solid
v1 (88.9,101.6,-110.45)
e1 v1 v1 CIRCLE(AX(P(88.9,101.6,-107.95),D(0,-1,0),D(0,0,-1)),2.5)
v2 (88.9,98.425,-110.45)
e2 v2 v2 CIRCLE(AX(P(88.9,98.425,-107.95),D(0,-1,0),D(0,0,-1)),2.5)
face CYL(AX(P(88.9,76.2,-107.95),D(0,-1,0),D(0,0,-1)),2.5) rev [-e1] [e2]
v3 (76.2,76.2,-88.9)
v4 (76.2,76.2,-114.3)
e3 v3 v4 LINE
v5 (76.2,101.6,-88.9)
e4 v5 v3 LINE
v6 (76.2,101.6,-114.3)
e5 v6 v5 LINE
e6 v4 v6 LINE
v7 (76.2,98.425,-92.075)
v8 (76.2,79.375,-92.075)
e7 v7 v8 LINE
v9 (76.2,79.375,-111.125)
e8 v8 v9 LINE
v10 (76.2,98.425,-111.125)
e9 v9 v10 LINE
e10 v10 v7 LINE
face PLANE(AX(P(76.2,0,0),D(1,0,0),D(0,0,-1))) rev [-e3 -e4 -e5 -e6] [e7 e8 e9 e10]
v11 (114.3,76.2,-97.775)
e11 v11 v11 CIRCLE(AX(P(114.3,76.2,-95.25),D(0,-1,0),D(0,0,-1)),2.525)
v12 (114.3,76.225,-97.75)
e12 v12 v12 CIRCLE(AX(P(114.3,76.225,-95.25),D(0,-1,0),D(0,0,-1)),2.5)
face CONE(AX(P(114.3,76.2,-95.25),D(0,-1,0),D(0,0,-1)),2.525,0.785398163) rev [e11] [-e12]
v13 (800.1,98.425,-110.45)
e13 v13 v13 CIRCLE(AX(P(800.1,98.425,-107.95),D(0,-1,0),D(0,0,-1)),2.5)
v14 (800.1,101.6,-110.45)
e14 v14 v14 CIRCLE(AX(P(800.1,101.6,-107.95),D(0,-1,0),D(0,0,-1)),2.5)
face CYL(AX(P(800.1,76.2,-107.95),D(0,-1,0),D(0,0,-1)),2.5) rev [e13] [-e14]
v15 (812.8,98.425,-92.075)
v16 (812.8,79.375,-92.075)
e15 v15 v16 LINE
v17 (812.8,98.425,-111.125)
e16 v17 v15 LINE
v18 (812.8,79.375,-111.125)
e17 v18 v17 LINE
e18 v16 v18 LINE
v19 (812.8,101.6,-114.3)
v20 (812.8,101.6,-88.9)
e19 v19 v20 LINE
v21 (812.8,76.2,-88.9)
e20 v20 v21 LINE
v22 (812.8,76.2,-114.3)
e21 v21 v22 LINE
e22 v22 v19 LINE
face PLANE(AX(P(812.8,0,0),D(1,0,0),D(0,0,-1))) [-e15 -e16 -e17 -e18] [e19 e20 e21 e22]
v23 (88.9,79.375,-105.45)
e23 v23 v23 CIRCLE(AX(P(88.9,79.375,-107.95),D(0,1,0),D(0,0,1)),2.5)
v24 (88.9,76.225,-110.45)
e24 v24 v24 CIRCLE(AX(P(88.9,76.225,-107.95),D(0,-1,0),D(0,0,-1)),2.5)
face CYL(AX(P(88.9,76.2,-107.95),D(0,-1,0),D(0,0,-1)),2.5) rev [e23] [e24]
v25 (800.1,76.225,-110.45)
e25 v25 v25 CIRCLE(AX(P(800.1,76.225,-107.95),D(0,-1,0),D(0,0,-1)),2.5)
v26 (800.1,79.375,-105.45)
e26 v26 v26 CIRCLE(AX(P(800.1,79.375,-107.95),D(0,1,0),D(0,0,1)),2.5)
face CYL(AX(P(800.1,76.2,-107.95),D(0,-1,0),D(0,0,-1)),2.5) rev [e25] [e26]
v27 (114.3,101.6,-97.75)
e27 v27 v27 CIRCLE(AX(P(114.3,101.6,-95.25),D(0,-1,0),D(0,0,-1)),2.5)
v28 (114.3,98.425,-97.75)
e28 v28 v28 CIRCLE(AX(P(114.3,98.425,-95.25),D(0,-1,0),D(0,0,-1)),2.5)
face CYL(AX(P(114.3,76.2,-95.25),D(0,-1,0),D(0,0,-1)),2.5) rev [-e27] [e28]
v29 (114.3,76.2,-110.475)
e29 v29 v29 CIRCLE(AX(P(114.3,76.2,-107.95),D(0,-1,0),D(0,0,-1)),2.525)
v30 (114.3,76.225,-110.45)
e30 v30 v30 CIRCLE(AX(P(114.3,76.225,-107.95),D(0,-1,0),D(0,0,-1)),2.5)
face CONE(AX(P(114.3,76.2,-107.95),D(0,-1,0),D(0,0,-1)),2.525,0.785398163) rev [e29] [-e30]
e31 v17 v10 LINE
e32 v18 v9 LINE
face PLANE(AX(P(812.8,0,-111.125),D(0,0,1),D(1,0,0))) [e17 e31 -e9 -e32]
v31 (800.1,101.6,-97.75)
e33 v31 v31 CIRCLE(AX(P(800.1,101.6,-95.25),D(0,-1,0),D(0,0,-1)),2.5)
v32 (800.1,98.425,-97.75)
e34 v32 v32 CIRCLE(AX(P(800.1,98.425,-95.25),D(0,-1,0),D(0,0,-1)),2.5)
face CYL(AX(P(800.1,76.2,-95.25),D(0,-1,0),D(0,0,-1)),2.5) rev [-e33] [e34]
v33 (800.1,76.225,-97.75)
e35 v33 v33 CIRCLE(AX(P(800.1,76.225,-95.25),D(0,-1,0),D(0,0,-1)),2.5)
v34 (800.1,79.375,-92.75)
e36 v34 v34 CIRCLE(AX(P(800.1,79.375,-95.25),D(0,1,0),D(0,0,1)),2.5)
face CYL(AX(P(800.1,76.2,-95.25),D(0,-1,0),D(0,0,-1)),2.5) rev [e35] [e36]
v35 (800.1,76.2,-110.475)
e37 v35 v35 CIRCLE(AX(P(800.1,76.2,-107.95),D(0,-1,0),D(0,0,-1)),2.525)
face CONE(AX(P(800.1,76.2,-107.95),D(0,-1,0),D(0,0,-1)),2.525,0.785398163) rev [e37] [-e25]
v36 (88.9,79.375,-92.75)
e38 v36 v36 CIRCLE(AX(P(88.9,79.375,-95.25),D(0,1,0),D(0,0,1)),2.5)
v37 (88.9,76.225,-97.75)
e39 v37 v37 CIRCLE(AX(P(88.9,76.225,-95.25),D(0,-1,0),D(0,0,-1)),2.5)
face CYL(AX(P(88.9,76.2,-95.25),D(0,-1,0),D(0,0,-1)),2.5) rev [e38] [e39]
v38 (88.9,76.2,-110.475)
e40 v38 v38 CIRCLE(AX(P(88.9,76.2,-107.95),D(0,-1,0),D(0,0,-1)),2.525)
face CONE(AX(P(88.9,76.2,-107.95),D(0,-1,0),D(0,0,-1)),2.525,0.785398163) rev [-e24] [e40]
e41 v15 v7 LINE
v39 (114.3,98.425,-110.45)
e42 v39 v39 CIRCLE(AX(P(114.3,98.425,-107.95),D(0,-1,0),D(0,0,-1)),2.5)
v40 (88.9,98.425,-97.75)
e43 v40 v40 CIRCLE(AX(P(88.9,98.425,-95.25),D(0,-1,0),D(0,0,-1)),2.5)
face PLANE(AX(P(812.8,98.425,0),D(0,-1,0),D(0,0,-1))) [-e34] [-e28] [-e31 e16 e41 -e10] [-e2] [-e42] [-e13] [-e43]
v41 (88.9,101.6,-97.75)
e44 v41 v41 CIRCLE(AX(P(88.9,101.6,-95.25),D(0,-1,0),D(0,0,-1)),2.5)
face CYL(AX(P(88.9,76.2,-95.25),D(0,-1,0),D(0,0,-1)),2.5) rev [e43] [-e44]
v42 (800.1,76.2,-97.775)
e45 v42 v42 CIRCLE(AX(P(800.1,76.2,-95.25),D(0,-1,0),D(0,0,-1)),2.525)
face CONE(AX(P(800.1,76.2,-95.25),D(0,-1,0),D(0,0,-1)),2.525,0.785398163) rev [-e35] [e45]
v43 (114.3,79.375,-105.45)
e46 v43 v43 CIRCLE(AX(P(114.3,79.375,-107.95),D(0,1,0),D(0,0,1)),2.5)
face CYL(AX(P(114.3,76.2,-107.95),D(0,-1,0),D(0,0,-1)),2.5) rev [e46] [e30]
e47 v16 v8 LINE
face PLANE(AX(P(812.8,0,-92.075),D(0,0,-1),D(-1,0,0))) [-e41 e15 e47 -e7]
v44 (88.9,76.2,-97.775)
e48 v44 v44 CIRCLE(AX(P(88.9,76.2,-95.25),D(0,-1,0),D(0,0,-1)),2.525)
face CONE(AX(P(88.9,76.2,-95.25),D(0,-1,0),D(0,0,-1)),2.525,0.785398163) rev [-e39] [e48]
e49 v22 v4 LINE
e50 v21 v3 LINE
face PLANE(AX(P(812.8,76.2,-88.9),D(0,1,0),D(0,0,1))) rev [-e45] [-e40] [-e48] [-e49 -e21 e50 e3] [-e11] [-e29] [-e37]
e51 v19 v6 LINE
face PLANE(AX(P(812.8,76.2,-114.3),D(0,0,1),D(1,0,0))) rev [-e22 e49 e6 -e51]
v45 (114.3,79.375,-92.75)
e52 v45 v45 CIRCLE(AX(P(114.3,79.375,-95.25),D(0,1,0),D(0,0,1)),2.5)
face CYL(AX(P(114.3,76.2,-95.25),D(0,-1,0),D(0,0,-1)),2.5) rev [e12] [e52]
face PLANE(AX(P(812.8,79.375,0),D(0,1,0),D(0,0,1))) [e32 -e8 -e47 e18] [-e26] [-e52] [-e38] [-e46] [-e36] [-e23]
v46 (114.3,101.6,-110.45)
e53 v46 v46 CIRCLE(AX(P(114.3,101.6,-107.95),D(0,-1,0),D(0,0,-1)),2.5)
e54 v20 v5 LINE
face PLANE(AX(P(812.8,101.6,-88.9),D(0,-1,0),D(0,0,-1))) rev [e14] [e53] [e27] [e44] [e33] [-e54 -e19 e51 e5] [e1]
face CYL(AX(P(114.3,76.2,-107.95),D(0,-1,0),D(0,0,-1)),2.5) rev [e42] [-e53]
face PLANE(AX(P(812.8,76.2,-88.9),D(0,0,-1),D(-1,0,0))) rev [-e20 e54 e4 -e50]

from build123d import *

# Parameters (mm, degrees)
EXTRUDE_THIN1_START             = 76.2
SKETCH5_W                       = 25.4
SKETCH5_H                       = 25.4
SKETCH5_W_2                     = 19.05
SKETCH5_H_2                     = 19.05
EXTRUDE_THIN1_DEPTH             = 736.6
F_5_0MM_DOWEL_HOLE1_D           = 5
F_5_0MM_DOWEL_HOLE1_CSINK_D     = 5.05
F_5_0MM_DOWEL_HOLE1_CSINK_ANGLE = 90


with BuildPart() as part:
    # Sketch5 → Extrude-Thin1 (new body)
    with BuildSketch(Plane(origin=(0, 0, 0), x_dir=(0, 0, -1), z_dir=(1, 0, 0)).offset(EXTRUDE_THIN1_START)):
        with Locations((101.6, 88.9)):
            Rectangle(SKETCH5_W, SKETCH5_H)
        with Locations((101.6, 88.9)):
            Rectangle(SKETCH5_W_2, SKETCH5_H_2, mode=Mode.SUBTRACT)
    extrude(amount=EXTRUDE_THIN1_DEPTH)

    # Ø5.0mm Dowel Hole1 (through all)
    with Locations(Plane(origin=(0, 76.2, 0), x_dir=(-1, 0, 0), z_dir=(0, -1, 0))):
        with Locations((-88.9, 107.95), (-88.9, 95.25), (-114.3, 107.95), (-114.3, 95.25), (-800.1, 107.95), (-800.1, 95.25)):
            CounterSinkHole(F_5_0MM_DOWEL_HOLE1_D / 2, F_5_0MM_DOWEL_HOLE1_CSINK_D / 2, counter_sink_angle=F_5_0MM_DOWEL_HOLE1_CSINK_ANGLE)


solid = part.part
